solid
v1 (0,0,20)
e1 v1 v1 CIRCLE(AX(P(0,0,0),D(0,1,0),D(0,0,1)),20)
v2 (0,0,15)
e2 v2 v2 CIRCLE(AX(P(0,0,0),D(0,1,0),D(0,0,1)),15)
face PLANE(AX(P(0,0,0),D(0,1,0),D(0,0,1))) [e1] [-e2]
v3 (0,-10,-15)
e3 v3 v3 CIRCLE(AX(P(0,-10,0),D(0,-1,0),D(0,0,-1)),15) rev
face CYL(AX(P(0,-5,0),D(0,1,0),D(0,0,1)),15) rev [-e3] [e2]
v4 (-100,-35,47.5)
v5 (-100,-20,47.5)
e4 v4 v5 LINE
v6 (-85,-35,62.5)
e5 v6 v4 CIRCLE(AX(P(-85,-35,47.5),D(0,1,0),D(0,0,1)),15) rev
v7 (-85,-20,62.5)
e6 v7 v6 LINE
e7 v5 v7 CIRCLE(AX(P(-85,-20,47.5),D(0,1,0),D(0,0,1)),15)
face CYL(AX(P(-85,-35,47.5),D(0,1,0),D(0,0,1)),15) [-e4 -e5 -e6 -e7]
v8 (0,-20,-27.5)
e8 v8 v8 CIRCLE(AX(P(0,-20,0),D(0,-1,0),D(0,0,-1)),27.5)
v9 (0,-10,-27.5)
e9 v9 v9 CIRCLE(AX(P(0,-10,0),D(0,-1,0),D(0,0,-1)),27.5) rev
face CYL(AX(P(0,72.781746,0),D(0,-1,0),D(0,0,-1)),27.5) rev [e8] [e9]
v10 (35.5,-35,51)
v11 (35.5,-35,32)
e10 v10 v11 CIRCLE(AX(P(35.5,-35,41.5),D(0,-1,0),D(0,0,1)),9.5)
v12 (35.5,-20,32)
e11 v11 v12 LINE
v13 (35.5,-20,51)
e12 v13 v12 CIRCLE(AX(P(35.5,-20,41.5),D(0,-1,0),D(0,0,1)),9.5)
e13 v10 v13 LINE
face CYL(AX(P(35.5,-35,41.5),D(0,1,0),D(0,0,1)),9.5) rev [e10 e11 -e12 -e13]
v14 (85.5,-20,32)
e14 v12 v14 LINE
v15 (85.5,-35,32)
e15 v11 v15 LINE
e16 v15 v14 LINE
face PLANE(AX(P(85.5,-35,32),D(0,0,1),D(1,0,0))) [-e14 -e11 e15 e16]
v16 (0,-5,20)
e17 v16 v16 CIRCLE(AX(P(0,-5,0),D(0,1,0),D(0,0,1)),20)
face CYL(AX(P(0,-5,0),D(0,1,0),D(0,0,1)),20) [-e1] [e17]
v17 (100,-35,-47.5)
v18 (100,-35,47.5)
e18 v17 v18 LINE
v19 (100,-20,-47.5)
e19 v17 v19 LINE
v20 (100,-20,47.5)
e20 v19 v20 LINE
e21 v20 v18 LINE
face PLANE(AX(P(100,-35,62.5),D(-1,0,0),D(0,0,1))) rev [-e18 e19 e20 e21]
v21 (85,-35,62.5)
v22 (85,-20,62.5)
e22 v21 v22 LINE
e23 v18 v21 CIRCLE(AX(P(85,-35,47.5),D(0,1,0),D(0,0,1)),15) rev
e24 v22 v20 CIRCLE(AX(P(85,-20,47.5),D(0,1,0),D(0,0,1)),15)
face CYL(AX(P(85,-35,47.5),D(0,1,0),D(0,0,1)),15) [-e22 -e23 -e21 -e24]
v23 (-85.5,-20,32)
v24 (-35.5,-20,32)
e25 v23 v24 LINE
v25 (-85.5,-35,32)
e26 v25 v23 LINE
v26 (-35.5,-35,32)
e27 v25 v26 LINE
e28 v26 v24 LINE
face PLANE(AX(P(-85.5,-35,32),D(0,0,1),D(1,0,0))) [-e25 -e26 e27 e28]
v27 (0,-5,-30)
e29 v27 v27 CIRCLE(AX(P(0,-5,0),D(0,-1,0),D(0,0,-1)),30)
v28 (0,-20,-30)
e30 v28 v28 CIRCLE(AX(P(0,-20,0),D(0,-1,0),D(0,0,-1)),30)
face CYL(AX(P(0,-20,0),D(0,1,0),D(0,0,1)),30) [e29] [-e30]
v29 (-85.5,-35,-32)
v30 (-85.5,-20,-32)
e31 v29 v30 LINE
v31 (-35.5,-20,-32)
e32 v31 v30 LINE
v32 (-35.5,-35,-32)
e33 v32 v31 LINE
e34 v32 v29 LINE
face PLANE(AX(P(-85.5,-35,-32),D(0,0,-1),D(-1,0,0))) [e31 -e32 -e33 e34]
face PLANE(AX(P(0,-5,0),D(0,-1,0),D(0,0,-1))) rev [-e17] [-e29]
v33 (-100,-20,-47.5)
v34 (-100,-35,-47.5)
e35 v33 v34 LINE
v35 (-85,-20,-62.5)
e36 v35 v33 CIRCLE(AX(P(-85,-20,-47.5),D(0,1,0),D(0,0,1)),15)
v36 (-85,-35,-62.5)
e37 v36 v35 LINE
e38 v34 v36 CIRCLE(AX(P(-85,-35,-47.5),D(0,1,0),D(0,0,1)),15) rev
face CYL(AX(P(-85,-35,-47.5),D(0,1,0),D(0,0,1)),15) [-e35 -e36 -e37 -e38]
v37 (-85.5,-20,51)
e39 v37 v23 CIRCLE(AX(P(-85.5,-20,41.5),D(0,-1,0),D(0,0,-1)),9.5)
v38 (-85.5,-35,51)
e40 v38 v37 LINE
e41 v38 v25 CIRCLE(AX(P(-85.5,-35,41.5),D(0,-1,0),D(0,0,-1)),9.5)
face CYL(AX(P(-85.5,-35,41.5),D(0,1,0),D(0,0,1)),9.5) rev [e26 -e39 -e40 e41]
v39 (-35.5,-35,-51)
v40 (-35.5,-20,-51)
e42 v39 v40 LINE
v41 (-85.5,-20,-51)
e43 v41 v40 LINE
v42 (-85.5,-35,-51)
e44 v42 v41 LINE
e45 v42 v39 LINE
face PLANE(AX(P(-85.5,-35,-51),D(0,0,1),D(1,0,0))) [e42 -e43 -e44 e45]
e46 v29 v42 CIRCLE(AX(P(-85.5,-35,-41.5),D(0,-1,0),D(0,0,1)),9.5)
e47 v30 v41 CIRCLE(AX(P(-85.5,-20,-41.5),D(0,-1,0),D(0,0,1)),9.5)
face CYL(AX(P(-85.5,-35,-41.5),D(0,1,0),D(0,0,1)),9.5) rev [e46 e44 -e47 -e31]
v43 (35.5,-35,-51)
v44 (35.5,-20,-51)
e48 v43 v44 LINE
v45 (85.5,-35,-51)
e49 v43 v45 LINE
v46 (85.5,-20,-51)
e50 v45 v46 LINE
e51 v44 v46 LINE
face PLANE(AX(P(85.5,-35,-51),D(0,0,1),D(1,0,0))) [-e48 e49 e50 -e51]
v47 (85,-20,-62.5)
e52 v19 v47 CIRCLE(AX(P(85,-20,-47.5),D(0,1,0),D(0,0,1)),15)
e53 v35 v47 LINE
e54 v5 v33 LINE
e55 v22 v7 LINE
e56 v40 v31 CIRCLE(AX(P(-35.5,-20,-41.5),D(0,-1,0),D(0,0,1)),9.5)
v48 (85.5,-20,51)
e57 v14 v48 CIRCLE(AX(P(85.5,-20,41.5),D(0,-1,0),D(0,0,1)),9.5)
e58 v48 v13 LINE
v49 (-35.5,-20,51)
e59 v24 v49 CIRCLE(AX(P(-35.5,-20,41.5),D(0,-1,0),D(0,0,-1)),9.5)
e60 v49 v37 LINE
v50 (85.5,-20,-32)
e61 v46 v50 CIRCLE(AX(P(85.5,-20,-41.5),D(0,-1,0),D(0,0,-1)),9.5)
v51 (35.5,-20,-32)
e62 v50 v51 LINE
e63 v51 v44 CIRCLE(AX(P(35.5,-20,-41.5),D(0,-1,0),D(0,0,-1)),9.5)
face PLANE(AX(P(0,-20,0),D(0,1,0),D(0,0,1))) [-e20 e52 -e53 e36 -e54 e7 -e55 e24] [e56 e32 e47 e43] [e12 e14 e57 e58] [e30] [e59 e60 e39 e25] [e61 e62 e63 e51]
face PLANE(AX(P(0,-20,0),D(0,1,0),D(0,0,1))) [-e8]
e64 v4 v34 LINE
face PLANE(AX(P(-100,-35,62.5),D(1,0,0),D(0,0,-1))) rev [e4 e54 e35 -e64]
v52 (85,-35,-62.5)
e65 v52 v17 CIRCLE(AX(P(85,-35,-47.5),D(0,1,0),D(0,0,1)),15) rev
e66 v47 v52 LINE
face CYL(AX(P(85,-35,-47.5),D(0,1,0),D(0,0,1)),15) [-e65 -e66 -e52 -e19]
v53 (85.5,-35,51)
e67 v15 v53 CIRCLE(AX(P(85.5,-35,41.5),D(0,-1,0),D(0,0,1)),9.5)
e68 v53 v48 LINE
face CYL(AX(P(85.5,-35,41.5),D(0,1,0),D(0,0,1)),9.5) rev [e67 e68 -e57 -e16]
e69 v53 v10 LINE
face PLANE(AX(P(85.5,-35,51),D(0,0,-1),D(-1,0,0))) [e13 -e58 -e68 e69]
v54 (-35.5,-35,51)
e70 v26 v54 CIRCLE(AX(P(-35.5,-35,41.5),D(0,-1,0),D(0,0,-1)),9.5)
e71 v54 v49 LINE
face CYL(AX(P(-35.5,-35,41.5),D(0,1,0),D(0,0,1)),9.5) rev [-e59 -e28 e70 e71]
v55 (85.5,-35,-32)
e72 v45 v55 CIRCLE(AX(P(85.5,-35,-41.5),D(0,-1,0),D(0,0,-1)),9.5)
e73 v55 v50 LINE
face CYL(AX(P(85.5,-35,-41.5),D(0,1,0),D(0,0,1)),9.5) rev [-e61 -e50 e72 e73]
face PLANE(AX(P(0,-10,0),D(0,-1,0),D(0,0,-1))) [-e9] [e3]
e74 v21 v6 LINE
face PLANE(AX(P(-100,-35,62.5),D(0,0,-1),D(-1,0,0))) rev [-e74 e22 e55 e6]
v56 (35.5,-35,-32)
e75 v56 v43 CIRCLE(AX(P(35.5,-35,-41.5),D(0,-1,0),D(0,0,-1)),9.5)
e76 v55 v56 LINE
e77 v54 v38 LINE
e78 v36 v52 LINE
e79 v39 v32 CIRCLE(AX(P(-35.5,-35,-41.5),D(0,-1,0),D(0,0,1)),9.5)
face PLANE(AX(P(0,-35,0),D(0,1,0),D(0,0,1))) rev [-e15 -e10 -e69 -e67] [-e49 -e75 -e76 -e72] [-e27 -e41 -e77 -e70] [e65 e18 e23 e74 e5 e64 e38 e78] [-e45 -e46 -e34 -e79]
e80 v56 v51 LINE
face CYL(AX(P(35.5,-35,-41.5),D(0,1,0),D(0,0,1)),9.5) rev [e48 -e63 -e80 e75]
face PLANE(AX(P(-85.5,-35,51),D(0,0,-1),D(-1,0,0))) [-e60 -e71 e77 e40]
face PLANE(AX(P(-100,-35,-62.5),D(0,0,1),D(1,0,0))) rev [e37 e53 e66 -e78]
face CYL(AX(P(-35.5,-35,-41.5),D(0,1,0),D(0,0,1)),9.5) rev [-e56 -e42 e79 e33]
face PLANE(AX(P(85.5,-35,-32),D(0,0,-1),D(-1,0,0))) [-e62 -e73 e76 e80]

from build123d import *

# Parameters (mm, degrees)
SKETCH1_R           = 20
SKETCH1_R_2         = 15
BOSS_EXTRUDE1_DEPTH = 5
SKETCH2_R           = 30
SKETCH2_R_2         = 15
BOSS_EXTRUDE2_DEPTH = 15
SKETCH3_R           = 27.5
CUT_EXTRUDE1_DEPTH  = 10
SKETCH4_W           = 200
SKETCH4_H           = 125
BOSS_EXTRUDE3_DEPTH = 15
FILLET1_R           = 15


with BuildPart() as part:
    # Sketch1 → Boss-Extrude1 (new body)
    with BuildSketch(Plane(origin=(0, 0, 0), x_dir=(1, 0, 0), z_dir=(0, 1, 0))):
        with Locations(Location((0, 0, 0), (0, 0, 270))):
            Circle(SKETCH1_R)
        with Locations(Location((0, 0, 0), (0, 0, 270))):
            Circle(SKETCH1_R_2, mode=Mode.SUBTRACT)
    extrude(amount=-BOSS_EXTRUDE1_DEPTH)

    # Sketch2 → Boss-Extrude2 (add)
    with BuildSketch(Plane.XZ.offset(5)):
        with Locations(Location((0, 0, 0), (0, 0, 270))):
            Circle(SKETCH2_R)
        with Locations(Location((0, 0, 0), (0, 0, 90))):
            Circle(SKETCH2_R_2, mode=Mode.SUBTRACT)
    extrude(amount=BOSS_EXTRUDE2_DEPTH)

    # Sketch3 → Cut-Extrude1 (cut)
    with BuildSketch(Plane.XZ.offset(20)):
        with Locations(Location((0, 0, 0), (0, 0, 270))):
            Circle(SKETCH3_R)
    extrude(amount=-CUT_EXTRUDE1_DEPTH, mode=Mode.SUBTRACT)

    # Sketch4 → Boss-Extrude3 (add)
    with BuildSketch(Plane.XZ.offset(20)):
        Rectangle(SKETCH4_W, SKETCH4_H)
        with BuildLine():
            Line((-85.5, 51), (-35.5, 51))
            ThreePointArc((-35.5, 51), (-26, 41.5), (-35.5, 32))
            Line((-35.5, 32), (-85.5, 32))
            ThreePointArc((-85.5, 32), (-95, 41.5), (-85.5, 51))
        make_face(mode=Mode.SUBTRACT)
        with BuildLine():
            Line((-85.5, -51), (-35.5, -51))
            ThreePointArc((-35.5, -51), (-26, -41.5), (-35.5, -32))
            Line((-35.5, -32), (-85.5, -32))
            ThreePointArc((-85.5, -32), (-95, -41.5), (-85.5, -51))
        make_face(mode=Mode.SUBTRACT)
        with BuildLine():
            Line((85.5, 51), (35.5, 51))
            ThreePointArc((35.5, 51), (26, 41.5), (35.5, 32))
            Line((35.5, 32), (85.5, 32))
            ThreePointArc((85.5, 32), (95, 41.5), (85.5, 51))
        make_face(mode=Mode.SUBTRACT)
        with BuildLine():
            Line((85.5, -51), (35.5, -51))
            ThreePointArc((35.5, -51), (26, -41.5), (35.5, -32))
            Line((35.5, -32), (85.5, -32))
            ThreePointArc((85.5, -32), (95, -41.5), (85.5, -51))
        make_face(mode=Mode.SUBTRACT)
    extrude(amount=BOSS_EXTRUDE3_DEPTH)

    # Fillet1
    fillet1_edges = [part.edges().sort_by_distance(p)[0] for p in [
        (100, -27.5, 62.5),
        (-100, -27.5, 62.5),
        (-100, -27.5, -62.5),
        (100, -27.5, -62.5),
    ]]
    fillet(fillet1_edges, radius=FILLET1_R)


solid = part.part
